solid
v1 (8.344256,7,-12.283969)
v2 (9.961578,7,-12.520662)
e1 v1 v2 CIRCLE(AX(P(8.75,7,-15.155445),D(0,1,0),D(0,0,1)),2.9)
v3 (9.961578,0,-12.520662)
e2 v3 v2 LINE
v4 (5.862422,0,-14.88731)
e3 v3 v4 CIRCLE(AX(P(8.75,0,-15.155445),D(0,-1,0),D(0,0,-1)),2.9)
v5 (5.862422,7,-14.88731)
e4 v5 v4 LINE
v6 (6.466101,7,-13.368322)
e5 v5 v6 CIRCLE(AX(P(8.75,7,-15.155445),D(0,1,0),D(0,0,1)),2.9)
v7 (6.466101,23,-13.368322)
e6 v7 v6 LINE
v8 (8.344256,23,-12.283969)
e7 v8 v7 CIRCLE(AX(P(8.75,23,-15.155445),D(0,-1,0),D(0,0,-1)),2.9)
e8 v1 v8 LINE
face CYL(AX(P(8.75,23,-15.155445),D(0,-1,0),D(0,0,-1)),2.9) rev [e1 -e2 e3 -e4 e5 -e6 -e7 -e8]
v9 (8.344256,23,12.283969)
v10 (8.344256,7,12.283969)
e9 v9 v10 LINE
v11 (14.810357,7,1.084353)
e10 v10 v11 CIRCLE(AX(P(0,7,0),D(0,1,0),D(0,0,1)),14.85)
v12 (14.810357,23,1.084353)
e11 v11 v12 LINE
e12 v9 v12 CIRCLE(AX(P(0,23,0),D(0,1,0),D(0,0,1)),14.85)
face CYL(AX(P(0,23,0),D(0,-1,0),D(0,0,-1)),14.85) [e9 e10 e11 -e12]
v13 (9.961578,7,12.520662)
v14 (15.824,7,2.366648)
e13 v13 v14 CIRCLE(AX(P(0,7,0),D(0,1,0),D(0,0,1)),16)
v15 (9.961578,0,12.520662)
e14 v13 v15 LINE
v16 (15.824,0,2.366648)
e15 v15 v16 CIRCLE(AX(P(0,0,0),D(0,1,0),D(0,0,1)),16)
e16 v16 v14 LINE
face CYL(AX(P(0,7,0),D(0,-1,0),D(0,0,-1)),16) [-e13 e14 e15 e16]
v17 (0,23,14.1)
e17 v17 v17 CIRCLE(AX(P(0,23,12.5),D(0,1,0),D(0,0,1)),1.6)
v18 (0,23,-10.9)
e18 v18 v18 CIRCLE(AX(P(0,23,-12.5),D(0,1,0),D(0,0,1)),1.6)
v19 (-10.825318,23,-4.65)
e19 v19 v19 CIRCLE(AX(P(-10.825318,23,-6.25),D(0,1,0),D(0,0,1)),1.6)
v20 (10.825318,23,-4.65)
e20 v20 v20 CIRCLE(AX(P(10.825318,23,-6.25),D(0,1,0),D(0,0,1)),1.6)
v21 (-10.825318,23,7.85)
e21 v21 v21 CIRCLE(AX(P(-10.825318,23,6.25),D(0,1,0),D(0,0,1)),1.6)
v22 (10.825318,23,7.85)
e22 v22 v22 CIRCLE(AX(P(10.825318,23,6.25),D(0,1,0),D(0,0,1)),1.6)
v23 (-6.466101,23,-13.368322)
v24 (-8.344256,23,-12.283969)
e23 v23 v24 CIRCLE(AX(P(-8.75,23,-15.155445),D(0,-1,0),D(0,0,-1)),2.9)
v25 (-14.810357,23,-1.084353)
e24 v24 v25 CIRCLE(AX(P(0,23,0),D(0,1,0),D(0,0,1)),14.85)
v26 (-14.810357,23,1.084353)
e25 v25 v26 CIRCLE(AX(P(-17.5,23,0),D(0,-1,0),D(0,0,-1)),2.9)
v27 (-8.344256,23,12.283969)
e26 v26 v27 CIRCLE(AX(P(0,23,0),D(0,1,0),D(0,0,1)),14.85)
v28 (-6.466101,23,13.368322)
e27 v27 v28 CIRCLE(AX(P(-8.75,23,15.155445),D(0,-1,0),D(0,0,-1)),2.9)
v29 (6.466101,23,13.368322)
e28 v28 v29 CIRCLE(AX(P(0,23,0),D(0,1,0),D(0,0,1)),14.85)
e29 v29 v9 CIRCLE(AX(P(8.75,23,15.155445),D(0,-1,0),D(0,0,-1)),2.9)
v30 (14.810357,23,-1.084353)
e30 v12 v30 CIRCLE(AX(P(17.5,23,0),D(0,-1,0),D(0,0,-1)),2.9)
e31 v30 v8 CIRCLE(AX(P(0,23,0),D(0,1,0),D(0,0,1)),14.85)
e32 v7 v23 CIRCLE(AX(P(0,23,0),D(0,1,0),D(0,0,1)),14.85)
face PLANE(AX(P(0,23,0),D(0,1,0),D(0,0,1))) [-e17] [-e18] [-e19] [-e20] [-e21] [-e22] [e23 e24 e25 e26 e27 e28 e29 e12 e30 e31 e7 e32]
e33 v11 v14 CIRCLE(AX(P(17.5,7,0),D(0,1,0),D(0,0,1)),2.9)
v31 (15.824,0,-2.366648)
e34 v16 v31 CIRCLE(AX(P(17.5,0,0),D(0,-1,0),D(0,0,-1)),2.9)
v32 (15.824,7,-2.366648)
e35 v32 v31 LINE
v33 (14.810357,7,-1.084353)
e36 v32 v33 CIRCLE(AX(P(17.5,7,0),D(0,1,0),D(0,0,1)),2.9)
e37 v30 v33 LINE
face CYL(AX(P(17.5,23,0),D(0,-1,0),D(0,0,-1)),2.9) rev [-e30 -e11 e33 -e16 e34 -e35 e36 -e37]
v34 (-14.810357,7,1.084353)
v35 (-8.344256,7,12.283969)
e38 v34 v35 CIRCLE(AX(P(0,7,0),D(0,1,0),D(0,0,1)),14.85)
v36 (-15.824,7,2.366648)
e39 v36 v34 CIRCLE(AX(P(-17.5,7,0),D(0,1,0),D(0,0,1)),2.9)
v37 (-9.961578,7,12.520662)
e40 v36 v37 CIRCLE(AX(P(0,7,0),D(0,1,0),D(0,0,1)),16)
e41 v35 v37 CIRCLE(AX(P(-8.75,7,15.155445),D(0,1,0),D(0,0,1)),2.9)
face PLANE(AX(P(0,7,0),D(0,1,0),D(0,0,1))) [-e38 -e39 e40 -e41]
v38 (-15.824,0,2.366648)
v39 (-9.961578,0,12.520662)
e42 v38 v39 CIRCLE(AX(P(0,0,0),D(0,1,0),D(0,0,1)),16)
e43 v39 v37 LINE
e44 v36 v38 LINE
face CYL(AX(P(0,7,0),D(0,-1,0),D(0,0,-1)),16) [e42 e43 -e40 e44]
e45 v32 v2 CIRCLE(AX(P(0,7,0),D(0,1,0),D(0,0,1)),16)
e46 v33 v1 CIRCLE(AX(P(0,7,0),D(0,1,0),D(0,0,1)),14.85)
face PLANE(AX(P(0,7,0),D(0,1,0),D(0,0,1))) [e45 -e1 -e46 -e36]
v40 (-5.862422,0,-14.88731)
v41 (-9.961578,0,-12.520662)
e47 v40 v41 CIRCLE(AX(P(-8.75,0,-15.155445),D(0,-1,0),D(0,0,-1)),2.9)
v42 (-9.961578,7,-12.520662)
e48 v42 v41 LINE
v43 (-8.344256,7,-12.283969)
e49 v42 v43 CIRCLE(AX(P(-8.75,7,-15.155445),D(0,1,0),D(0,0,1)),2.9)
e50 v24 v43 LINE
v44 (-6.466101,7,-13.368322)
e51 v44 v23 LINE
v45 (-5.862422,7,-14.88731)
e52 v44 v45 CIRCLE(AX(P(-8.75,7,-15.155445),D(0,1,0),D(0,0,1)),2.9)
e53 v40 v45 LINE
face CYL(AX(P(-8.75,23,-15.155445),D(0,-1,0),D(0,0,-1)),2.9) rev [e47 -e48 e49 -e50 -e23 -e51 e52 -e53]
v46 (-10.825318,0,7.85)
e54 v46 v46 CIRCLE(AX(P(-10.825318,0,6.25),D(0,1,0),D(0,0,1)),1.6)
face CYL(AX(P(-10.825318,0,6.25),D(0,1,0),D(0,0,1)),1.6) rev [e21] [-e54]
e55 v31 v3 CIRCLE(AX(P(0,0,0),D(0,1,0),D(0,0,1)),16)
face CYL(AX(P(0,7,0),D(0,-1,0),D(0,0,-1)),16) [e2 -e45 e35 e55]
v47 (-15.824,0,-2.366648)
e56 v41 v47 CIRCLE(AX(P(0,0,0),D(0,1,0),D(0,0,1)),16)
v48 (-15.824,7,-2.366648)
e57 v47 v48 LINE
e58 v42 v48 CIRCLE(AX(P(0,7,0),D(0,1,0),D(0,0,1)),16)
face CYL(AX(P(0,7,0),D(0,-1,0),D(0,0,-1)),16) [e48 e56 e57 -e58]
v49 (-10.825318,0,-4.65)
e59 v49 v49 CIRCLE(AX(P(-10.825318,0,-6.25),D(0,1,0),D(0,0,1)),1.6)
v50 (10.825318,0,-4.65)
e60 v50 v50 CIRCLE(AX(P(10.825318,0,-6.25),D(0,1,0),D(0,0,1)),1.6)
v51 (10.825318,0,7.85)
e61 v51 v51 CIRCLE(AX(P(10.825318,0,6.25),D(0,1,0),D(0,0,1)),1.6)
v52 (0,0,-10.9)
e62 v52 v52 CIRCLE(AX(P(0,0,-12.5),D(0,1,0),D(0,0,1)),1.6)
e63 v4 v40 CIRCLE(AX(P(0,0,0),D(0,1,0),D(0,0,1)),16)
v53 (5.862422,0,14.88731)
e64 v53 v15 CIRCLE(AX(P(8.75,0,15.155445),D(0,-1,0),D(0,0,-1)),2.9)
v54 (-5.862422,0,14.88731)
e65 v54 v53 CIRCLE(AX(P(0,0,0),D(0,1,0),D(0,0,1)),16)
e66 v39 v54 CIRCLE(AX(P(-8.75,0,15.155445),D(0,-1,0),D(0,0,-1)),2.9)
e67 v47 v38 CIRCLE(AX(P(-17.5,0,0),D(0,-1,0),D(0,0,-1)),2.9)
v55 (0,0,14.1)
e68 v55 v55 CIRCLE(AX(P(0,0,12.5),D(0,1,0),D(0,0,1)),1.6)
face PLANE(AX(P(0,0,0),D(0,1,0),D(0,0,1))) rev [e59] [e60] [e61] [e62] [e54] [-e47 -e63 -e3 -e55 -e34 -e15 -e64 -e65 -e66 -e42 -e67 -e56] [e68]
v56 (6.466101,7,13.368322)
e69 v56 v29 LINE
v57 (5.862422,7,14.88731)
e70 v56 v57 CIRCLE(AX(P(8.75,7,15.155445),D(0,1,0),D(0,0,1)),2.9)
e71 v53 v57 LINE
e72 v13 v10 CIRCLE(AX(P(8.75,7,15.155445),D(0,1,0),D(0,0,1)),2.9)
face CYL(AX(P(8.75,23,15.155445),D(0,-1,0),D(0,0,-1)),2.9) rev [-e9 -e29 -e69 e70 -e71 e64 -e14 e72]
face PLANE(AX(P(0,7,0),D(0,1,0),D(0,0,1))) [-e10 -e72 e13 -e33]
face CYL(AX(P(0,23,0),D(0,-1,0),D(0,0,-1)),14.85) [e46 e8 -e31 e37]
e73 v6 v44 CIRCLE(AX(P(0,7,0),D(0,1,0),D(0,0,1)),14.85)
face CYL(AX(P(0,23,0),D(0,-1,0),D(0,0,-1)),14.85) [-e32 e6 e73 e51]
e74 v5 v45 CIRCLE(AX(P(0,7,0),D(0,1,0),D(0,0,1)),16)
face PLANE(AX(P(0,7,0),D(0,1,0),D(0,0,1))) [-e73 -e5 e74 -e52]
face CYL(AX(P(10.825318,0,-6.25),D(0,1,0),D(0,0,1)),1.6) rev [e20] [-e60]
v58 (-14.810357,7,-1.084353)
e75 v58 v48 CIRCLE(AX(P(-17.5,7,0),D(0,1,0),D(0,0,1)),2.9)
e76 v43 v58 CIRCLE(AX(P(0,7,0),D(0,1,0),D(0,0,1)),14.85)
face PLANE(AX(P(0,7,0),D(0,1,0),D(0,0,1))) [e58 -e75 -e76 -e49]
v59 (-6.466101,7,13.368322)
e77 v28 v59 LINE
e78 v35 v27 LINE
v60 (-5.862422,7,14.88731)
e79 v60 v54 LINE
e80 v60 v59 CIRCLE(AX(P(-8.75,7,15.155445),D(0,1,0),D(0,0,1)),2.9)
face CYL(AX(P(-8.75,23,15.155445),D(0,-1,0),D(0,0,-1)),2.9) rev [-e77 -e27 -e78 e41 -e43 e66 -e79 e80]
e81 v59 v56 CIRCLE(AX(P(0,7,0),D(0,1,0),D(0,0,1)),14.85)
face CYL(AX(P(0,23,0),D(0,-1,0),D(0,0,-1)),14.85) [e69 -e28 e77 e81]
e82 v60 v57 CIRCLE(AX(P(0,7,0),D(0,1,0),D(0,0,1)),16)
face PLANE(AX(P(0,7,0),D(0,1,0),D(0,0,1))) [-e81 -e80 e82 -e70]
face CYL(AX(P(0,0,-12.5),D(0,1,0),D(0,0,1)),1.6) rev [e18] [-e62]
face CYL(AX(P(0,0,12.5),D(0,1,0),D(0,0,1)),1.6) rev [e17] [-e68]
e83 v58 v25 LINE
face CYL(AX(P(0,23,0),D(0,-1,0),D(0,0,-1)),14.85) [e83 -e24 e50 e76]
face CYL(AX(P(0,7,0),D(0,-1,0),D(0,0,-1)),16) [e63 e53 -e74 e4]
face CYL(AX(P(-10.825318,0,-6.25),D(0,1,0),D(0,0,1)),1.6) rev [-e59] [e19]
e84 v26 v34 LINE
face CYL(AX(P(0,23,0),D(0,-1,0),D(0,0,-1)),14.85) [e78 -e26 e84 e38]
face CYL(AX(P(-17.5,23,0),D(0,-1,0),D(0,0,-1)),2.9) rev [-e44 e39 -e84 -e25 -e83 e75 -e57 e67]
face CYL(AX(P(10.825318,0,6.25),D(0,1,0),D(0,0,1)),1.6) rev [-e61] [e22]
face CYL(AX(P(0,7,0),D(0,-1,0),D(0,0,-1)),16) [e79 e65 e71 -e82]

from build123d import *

# Parameters (mm, degrees)
SKETCH_1_R          = 16
EXTRUDE_1_DEPTH     = 7
SKETCH_2_R          = 14.85
EXTRUDE_2_DEPTH     = 16
SKETCH_3_R          = 1.6
CUT_EXTRUDE_1_DEPTH = 33.26453161
SKETCH_4_R          = 2.9
CUT_EXTRUDE_2_DEPTH = 33.26453161


with BuildPart() as part:
    # 草图1 → 凸台-拉伸1 (new body)
    with BuildSketch(Plane(origin=(0, 0, 0), x_dir=(1, 0, 0), z_dir=(0, 1, 0))):
        with Locations(Location((0, 0, 0), (0, 0, 270))):
            Circle(SKETCH_1_R)
    extrude(amount=EXTRUDE_1_DEPTH)

    # 草图2 → 凸台-拉伸2 (add)
    with BuildSketch(Plane(origin=(0, 7, 0), x_dir=(1, 0, 0), z_dir=(0, 1, 0))):
        with Locations(Location((0, 0, 0), (0, 0, 270))):
            Circle(SKETCH_2_R)
    extrude(amount=EXTRUDE_2_DEPTH)

    # 草图3 → 切除-拉伸1 (cut, through all)
    with BuildSketch(Plane(origin=(0, 23, 0), x_dir=(1, 0, 0), z_dir=(0, 1, 0))):
        with Locations(Location((0, 12.5, 0), (0, 0, 270))):
            Circle(SKETCH_3_R)
        with Locations(Location((10.825317547, 6.25, 0), (0, 0, 270))):
            Circle(SKETCH_3_R)
        with Locations(Location((10.825317547, -6.25, 0), (0, 0, 270))):
            Circle(SKETCH_3_R)
        with Locations(Location((0, -12.5, 0), (0, 0, 270))):
            Circle(SKETCH_3_R)
        with Locations(Location((-10.825317547, -6.25, 0), (0, 0, 270))):
            Circle(SKETCH_3_R)
        with Locations(Location((-10.825317547, 6.25, 0), (0, 0, 270))):
            Circle(SKETCH_3_R)
    extrude(amount=-CUT_EXTRUDE_1_DEPTH, mode=Mode.SUBTRACT)

    # 草图4 → 切除-拉伸2 (cut, through all)
    with BuildSketch(Plane.XZ):
        with Locations((8.75, 15.155444566)):
            Circle(SKETCH_4_R)
        with Locations((17.5, 0)):
            Circle(SKETCH_4_R)
        with Locations((8.75, -15.155444566)):
            Circle(SKETCH_4_R)
        with Locations((-8.75, -15.155444566)):
            Circle(SKETCH_4_R)
        with Locations((-17.5, 0)):
            Circle(SKETCH_4_R)
        with Locations((-8.75, 15.155444566)):
            Circle(SKETCH_4_R)
    extrude(amount=-CUT_EXTRUDE_2_DEPTH, mode=Mode.SUBTRACT)


solid = part.part
